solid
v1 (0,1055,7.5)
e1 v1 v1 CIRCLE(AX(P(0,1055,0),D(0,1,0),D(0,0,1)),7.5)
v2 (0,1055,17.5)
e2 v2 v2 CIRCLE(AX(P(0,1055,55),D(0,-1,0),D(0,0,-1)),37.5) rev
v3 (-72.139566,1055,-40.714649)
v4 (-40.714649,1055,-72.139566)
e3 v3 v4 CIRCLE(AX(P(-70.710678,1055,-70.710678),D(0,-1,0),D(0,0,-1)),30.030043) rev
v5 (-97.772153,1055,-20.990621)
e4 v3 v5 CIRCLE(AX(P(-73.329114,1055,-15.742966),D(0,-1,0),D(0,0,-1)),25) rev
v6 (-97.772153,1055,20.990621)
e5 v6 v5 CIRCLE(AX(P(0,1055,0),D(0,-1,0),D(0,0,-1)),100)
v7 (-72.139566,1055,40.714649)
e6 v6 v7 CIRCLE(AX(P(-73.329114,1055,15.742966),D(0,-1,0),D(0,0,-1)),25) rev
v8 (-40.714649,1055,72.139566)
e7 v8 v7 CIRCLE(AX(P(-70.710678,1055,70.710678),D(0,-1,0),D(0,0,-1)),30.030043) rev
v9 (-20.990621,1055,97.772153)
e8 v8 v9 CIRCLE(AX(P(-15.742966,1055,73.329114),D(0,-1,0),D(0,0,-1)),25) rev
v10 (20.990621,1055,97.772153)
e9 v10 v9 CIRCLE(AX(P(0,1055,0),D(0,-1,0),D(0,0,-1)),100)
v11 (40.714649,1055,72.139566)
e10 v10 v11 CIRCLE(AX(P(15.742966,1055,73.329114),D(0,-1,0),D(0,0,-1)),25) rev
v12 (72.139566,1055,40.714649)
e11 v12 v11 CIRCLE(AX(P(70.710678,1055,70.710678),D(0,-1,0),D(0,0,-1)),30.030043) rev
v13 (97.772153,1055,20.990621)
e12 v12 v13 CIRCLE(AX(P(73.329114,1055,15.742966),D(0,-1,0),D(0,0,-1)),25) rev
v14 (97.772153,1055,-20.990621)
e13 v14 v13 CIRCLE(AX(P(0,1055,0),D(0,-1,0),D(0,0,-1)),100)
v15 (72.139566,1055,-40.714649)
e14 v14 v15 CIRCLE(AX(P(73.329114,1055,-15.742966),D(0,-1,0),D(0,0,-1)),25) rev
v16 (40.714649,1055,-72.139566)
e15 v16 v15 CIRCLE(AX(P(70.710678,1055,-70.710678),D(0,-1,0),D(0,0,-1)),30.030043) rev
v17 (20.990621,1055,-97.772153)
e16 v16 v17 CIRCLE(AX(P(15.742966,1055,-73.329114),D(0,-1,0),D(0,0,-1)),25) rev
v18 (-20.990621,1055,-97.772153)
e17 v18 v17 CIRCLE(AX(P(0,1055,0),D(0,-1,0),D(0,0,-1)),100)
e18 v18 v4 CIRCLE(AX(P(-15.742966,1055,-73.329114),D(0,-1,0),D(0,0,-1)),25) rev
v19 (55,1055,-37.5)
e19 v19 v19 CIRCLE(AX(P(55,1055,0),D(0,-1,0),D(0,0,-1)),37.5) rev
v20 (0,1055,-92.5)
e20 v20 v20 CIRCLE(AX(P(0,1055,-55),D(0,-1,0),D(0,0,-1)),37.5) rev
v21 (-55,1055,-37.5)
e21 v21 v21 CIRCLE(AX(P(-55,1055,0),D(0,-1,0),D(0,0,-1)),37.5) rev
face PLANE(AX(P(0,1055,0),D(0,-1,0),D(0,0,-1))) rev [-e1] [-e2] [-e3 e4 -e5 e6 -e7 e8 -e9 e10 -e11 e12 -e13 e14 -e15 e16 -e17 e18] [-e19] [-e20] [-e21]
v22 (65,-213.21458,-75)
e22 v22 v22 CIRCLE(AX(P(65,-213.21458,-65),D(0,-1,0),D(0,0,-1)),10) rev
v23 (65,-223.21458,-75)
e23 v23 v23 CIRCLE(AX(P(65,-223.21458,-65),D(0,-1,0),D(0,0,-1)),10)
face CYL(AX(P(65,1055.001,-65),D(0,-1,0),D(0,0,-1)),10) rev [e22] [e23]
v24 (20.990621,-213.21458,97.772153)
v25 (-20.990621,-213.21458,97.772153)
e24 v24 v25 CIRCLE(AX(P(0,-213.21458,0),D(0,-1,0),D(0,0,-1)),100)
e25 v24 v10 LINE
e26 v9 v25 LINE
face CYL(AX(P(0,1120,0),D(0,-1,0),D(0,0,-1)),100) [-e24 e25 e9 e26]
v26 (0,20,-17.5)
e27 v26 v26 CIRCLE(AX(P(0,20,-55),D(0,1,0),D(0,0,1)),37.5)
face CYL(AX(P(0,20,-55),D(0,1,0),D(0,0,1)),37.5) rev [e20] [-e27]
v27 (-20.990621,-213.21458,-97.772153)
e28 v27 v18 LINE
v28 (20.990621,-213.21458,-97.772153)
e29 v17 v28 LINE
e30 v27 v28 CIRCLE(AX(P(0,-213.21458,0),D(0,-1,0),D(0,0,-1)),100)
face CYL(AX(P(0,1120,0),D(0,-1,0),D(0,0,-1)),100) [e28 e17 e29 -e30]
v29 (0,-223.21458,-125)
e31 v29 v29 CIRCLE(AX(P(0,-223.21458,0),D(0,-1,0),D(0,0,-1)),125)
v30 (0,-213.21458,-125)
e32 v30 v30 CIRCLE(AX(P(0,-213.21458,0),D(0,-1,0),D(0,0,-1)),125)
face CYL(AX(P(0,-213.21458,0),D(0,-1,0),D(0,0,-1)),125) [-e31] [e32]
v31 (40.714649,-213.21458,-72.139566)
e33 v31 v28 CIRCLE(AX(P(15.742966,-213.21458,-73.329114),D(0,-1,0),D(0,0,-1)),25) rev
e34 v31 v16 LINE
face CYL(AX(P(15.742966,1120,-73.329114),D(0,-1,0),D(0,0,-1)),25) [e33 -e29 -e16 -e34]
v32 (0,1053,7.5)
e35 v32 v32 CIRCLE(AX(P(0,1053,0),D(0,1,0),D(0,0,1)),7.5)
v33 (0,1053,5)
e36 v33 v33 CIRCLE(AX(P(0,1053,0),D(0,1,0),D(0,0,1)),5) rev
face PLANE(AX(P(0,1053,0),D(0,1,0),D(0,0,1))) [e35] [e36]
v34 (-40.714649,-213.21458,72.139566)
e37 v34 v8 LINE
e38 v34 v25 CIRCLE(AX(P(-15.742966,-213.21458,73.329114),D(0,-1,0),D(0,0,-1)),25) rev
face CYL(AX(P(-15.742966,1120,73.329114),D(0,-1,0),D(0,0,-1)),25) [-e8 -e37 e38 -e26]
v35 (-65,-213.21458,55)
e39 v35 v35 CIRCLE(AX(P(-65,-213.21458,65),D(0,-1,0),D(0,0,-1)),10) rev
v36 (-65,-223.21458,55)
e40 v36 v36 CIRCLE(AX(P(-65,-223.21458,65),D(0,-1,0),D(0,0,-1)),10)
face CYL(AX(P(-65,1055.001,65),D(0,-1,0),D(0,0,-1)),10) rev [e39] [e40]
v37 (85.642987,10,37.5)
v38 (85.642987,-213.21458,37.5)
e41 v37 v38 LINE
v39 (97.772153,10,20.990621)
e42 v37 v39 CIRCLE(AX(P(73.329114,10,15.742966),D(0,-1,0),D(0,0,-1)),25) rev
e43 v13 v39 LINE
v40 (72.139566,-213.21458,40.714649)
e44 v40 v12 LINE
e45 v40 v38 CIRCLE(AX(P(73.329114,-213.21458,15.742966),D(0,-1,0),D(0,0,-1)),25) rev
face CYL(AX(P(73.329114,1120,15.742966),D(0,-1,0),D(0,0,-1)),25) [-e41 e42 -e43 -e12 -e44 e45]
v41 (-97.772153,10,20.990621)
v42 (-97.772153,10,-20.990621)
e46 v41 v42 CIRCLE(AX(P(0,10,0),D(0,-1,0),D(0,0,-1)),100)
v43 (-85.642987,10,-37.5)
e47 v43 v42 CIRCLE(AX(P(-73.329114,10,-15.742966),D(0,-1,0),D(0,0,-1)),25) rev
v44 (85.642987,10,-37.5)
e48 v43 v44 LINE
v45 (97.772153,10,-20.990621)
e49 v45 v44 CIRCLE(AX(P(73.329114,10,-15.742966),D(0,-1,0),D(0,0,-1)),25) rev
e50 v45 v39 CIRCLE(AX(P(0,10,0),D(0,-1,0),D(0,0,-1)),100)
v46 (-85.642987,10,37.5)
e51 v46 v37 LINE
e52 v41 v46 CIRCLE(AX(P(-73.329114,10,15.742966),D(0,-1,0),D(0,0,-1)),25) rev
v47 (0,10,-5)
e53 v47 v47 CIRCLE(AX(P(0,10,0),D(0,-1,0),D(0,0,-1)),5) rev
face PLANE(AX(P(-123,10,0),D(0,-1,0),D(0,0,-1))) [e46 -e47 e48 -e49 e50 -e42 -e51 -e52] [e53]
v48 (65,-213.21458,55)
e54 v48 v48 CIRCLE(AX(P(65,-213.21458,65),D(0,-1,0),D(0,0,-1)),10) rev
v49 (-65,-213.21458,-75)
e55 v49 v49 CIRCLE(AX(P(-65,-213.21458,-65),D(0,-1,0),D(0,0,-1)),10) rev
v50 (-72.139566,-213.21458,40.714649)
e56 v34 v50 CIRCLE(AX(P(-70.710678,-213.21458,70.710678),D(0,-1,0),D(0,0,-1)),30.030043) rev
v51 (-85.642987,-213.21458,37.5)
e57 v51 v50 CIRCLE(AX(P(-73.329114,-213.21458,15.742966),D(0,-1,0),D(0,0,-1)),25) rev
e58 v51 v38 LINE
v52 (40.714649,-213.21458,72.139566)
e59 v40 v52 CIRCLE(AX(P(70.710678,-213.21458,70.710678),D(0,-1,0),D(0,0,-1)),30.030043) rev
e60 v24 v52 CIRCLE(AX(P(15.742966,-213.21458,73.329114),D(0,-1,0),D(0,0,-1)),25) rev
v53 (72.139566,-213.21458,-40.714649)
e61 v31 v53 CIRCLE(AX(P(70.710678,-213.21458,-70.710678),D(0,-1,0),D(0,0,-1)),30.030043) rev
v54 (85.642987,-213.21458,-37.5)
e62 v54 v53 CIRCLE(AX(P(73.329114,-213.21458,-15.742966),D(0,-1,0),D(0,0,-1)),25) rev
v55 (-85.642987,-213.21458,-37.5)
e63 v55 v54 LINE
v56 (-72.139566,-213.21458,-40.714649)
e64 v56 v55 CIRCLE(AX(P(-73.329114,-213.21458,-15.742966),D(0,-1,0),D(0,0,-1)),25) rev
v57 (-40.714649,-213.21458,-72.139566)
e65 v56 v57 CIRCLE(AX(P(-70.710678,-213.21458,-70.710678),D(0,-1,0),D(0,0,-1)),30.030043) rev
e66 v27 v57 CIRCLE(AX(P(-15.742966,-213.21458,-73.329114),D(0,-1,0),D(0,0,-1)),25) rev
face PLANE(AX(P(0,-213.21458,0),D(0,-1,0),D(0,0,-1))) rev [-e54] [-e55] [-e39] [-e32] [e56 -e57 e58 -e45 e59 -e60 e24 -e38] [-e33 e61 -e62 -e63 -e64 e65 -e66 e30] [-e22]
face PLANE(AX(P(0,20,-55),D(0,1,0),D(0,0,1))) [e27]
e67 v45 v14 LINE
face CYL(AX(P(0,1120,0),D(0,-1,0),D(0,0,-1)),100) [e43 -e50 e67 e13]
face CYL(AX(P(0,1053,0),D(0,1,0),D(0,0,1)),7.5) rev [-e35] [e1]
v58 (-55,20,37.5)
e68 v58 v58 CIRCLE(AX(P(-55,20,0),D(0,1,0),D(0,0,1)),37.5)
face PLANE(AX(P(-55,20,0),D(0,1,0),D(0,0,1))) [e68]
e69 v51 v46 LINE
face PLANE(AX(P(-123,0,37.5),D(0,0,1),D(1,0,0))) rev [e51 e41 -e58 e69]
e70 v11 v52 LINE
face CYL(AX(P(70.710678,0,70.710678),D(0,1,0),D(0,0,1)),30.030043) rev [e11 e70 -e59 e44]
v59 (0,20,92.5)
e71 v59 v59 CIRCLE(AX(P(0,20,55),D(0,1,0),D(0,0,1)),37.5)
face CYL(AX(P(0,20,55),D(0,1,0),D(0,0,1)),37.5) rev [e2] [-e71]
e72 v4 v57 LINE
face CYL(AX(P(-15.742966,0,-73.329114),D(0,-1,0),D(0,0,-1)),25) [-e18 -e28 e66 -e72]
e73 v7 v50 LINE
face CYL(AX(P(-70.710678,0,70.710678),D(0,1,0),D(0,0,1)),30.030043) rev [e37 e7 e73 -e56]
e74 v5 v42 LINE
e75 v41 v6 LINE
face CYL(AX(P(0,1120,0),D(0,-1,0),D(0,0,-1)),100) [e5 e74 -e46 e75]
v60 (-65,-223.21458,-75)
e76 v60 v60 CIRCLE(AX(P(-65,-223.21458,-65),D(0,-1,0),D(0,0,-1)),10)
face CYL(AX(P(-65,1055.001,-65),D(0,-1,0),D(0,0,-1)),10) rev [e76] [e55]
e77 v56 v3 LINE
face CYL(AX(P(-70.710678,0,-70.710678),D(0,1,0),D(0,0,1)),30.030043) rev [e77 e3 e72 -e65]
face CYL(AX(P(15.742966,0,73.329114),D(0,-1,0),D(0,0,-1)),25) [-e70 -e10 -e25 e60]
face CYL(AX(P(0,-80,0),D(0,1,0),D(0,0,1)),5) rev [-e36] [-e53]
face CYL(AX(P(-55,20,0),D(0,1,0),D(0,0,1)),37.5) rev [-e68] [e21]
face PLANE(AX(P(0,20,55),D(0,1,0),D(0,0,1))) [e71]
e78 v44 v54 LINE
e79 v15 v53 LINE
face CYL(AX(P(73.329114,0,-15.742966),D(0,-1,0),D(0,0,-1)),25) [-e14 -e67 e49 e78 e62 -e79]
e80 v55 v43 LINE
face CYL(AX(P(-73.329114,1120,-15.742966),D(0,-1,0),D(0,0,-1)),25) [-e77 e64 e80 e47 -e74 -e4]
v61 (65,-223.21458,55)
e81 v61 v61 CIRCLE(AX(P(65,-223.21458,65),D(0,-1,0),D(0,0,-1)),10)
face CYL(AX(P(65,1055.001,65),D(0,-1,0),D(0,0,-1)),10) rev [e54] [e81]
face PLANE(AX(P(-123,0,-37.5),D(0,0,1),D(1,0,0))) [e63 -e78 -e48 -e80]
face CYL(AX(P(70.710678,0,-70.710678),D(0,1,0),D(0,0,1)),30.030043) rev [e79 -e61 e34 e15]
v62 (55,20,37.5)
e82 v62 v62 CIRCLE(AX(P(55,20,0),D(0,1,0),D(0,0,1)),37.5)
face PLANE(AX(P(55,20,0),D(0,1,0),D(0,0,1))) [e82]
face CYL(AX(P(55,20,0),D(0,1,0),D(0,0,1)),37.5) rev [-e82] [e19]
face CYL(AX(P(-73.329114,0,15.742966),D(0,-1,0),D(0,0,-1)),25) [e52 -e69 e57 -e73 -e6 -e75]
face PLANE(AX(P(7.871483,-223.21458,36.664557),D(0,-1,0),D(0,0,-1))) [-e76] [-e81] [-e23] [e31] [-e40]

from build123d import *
from build123d.topology import SkipClean

# Parameters (mm, degrees)
SKETCH1_R           = 100
BOSS_EXTRUDE2_DEPTH = 1120
SKETCH4_R           = 37.5
CUT_EXTRUDE1_DEPTH  = 1100
SKETCH6_R           = 30.030042901
CUT_EXTRUDE2_DEPTH  = 1129.893263334
SKETCH7_R           = 5
CUT_EXTRUDE3_DEPTH  = 1200
FILLET1_R           = 25
SKETCH8_W           = 276.180333513
SKETCH8_H           = 316.248560879
CUT_EXTRUDE4_DEPTH  = 65
SKETCH9_R           = 7.5
CUT_EXTRUDE5_DEPTH  = 2
BOSS_EXTRUDE3_START = 223.21458
BOSS_EXTRUDE3_DEPTH = 223.21458
SKETCH11_R          = 125
BOSS_EXTRUDE4_DEPTH = 10
SKETCH12_W          = 75
SKETCH12_H          = 223.21458
CUT_EXTRUDE6_DEPTH  = 123
CUT_EXTRUDE7_REACH  = 1292.381
SKETCH13_R          = 10


with BuildPart() as part:
    # Sketch1 → Boss-Extrude2 (new body)
    with BuildSketch(Plane(origin=(0, 0, 0), x_dir=(1, 0, 0), z_dir=(0, 1, 0))):
        with Locations(Location((0, 0, 0), (0, 0, 270))):
            Circle(SKETCH1_R)
    extrude(amount=BOSS_EXTRUDE2_DEPTH)

    # Sketch4 → Cut-Extrude1 (cut)
    with BuildSketch(Plane(origin=(0, 1120, 0), x_dir=(1, 0, 0), z_dir=(0, 1, 0))):
        with Locations(Location((55, 0, 0), (0, 0, 270))):
            Circle(SKETCH4_R)
        with Locations(Location((0, 55, 0), (0, 0, 270))):
            Circle(SKETCH4_R)
        with Locations(Location((-55, 0, 0), (0, 0, 270))):
            Circle(SKETCH4_R)
        with Locations(Location((0, -55, 0), (0, 0, 270))):
            Circle(SKETCH4_R)
    extrude(amount=-CUT_EXTRUDE1_DEPTH, mode=Mode.SUBTRACT)

    # Sketch6 → Cut-Extrude2 (cut, through all)
    with BuildSketch(Plane(origin=(0, 1120, 0), x_dir=(1, 0, 0), z_dir=(0, 1, 0))):
        with Locations((-70.710678119, 70.710678119)):
            Circle(SKETCH6_R)
        with Locations((70.710678119, 70.710678119)):
            Circle(SKETCH6_R)
        with Locations((70.710678119, -70.710678119)):
            Circle(SKETCH6_R)
        with Locations((-70.710678119, -70.710678119)):
            Circle(SKETCH6_R)
    extrude(amount=-CUT_EXTRUDE2_DEPTH, mode=Mode.SUBTRACT)

    # Sketch7 → Cut-Extrude3 (cut)
    with BuildSketch(Plane(origin=(0, 1120, 0), x_dir=(1, 0, 0), z_dir=(0, 1, 0))):
        with Locations(Location((0, 0, 0), (0, 0, 270))):
            Circle(SKETCH7_R)
    extrude(amount=-CUT_EXTRUDE3_DEPTH, mode=Mode.SUBTRACT)

    # Fillet1
    fillet1_edges = [part.edges().sort_by_distance(p)[0] for p in [
        (-46.528605162, 560, 88.51603754),
        (-88.51603754, 560, 46.528605162),
        (88.51603754, 560, 46.528605162),
        (46.528605162, 560, 88.51603754),
        (46.528605162, 560, -88.51603754),
        (88.51603754, 560, -46.528605162),
        (-88.51603754, 560, -46.528605162),
        (-46.528605162, 560, -88.51603754),
    ]]
    fillet(fillet1_edges, radius=FILLET1_R)

    # Sketch8 → Cut-Extrude4 (cut)
    with BuildSketch(Plane(origin=(0, 1120, 0), x_dir=(1, 0, 0), z_dir=(0, 1, 0))):
        with Locations((9.785456368, -2.918303702)):
            Rectangle(SKETCH8_W, SKETCH8_H)
    extrude(amount=-CUT_EXTRUDE4_DEPTH, mode=Mode.SUBTRACT)

    # Sketch9 → Cut-Extrude5 (cut)
    with BuildSketch(Plane(origin=(0, 1055, 0), x_dir=(1, 0, 0), z_dir=(0, 1, 0))):
        with Locations(Location((0, 0, 0), (0, 0, 270))):
            Circle(SKETCH9_R)
    extrude(amount=-CUT_EXTRUDE5_DEPTH, mode=Mode.SUBTRACT)

    # Sketch10 → Boss-Extrude3 (add)
    with SkipClean():  # the faces are left unmerged after this step: merging them gives an invalid solid
        with BuildSketch(Plane.XZ.offset(BOSS_EXTRUDE3_START)):
            with BuildLine():
                ThreePointArc((20.990620884, 97.772152656), (0, 100), (-20.990620884, 97.772152656))
                ThreePointArc((-20.990620884, 97.772152656), (-35.556079582, 88.575114519), (-40.71464911, 72.139565913))
                ThreePointArc((-40.71464911, 72.139565913), (-49.476231144, 49.476231144), (-72.139565913, 40.71464911))
                ThreePointArc((-72.139565913, 40.71464911), (-88.575114519, 35.556079582), (-97.772152656, 20.990620884))
                ThreePointArc((-97.772152656, 20.990620884), (-100, 0), (-97.772152656, -20.990620884))
                ThreePointArc((-97.772152656, -20.990620884), (-88.575114519, -35.556079582), (-72.139565913, -40.71464911))
                ThreePointArc((-72.139565913, -40.71464911), (-49.476231144, -49.476231144), (-40.71464911, -72.139565913))
                ThreePointArc((-40.71464911, -72.139565913), (-35.556079582, -88.575114519), (-20.990620884, -97.772152656))
                ThreePointArc((-20.990620884, -97.772152656), (0, -100), (20.990620884, -97.772152656))
                ThreePointArc((20.990620884, -97.772152656), (35.556079582, -88.575114519), (40.71464911, -72.139565913))
                ThreePointArc((40.71464911, -72.139565913), (49.476231144, -49.476231144), (72.139565913, -40.71464911))
                ThreePointArc((72.139565913, -40.71464911), (88.575114519, -35.556079582), (97.772152656, -20.990620884))
                ThreePointArc((97.772152656, -20.990620884), (100, 0), (97.772152656, 20.990620884))
                ThreePointArc((97.772152656, 20.990620884), (88.575114519, 35.556079582), (72.139565913, 40.71464911))
                ThreePointArc((72.139565913, 40.71464911), (49.476231144, 49.476231144), (40.71464911, 72.139565913))
                ThreePointArc((40.71464911, 72.139565913), (35.556079582, 88.575114519), (20.990620884, 97.772152656))
            make_face()
        extrude(amount=-BOSS_EXTRUDE3_DEPTH)

    # Sketch11 → Boss-Extrude4 (add)
    with SkipClean():  # the faces are left unmerged after this step: merging them gives an invalid solid
        with BuildSketch(Plane.XZ.offset(223.21458)):
            with Locations(Location((0, 0, 0), (0, 0, 270))):
                Circle(SKETCH11_R)
        extrude(amount=-BOSS_EXTRUDE4_DEPTH)

    # Sketch12 → Cut-Extrude6 (cut, symmetric)
    with SkipClean():  # the faces are left unmerged after this step: merging them gives an invalid solid
        with BuildSketch(Plane(origin=(0, 0, 0), x_dir=(0, 0, -1), z_dir=(1, 0, 0))):
            with Locations((0, -101.60729)):
                Rectangle(SKETCH12_W, SKETCH12_H)
        extrude(amount=CUT_EXTRUDE6_DEPTH, both=True, mode=Mode.SUBTRACT)

    # Sketch13 → Cut-Extrude7 (cut, up to next)
    with BuildSketch(Plane.XZ.offset(223.21458), mode=Mode.PRIVATE) as cut_extrude7_sk1:
        with Locations(Location((65, 65, 0), (0, 0, 270))):
            Circle(SKETCH13_R)
    cut_extrude7_tool1 = extrude(cut_extrude7_sk1.sketch, amount=-CUT_EXTRUDE7_REACH, mode=Mode.PRIVATE) & part.part
    # Sketch13 → Cut-Extrude7 (cut, up to next)
    with BuildSketch(Plane.XZ.offset(223.21458), mode=Mode.PRIVATE) as cut_extrude7_sk2:
        with Locations(Location((65, -65, 0), (0, 0, 270))):
            Circle(SKETCH13_R)
    cut_extrude7_tool2 = extrude(cut_extrude7_sk2.sketch, amount=-CUT_EXTRUDE7_REACH, mode=Mode.PRIVATE) & part.part
    # Sketch13 → Cut-Extrude7 (cut, up to next)
    with BuildSketch(Plane.XZ.offset(223.21458), mode=Mode.PRIVATE) as cut_extrude7_sk3:
        with Locations(Location((-65, -65, 0), (0, 0, 270))):
            Circle(SKETCH13_R)
    cut_extrude7_tool3 = extrude(cut_extrude7_sk3.sketch, amount=-CUT_EXTRUDE7_REACH, mode=Mode.PRIVATE) & part.part
    # Sketch13 → Cut-Extrude7 (cut, up to next)
    with BuildSketch(Plane.XZ.offset(223.21458), mode=Mode.PRIVATE) as cut_extrude7_sk4:
        with Locations(Location((-65, 65, 0), (0, 0, 270))):
            Circle(SKETCH13_R)
    cut_extrude7_tool4 = extrude(cut_extrude7_sk4.sketch, amount=-CUT_EXTRUDE7_REACH, mode=Mode.PRIVATE) & part.part
    add(cut_extrude7_tool1.solids().sort_by_distance((65, -223.21458, 65))[0], mode=Mode.SUBTRACT)
    add(cut_extrude7_tool2.solids().sort_by_distance((65, -223.21458, -65))[0], mode=Mode.SUBTRACT)
    add(cut_extrude7_tool3.solids().sort_by_distance((-65, -223.21458, -65))[0], mode=Mode.SUBTRACT)
    add(cut_extrude7_tool4.solids().sort_by_distance((-65, -223.21458, 65))[0], mode=Mode.SUBTRACT)


solid = part.part
